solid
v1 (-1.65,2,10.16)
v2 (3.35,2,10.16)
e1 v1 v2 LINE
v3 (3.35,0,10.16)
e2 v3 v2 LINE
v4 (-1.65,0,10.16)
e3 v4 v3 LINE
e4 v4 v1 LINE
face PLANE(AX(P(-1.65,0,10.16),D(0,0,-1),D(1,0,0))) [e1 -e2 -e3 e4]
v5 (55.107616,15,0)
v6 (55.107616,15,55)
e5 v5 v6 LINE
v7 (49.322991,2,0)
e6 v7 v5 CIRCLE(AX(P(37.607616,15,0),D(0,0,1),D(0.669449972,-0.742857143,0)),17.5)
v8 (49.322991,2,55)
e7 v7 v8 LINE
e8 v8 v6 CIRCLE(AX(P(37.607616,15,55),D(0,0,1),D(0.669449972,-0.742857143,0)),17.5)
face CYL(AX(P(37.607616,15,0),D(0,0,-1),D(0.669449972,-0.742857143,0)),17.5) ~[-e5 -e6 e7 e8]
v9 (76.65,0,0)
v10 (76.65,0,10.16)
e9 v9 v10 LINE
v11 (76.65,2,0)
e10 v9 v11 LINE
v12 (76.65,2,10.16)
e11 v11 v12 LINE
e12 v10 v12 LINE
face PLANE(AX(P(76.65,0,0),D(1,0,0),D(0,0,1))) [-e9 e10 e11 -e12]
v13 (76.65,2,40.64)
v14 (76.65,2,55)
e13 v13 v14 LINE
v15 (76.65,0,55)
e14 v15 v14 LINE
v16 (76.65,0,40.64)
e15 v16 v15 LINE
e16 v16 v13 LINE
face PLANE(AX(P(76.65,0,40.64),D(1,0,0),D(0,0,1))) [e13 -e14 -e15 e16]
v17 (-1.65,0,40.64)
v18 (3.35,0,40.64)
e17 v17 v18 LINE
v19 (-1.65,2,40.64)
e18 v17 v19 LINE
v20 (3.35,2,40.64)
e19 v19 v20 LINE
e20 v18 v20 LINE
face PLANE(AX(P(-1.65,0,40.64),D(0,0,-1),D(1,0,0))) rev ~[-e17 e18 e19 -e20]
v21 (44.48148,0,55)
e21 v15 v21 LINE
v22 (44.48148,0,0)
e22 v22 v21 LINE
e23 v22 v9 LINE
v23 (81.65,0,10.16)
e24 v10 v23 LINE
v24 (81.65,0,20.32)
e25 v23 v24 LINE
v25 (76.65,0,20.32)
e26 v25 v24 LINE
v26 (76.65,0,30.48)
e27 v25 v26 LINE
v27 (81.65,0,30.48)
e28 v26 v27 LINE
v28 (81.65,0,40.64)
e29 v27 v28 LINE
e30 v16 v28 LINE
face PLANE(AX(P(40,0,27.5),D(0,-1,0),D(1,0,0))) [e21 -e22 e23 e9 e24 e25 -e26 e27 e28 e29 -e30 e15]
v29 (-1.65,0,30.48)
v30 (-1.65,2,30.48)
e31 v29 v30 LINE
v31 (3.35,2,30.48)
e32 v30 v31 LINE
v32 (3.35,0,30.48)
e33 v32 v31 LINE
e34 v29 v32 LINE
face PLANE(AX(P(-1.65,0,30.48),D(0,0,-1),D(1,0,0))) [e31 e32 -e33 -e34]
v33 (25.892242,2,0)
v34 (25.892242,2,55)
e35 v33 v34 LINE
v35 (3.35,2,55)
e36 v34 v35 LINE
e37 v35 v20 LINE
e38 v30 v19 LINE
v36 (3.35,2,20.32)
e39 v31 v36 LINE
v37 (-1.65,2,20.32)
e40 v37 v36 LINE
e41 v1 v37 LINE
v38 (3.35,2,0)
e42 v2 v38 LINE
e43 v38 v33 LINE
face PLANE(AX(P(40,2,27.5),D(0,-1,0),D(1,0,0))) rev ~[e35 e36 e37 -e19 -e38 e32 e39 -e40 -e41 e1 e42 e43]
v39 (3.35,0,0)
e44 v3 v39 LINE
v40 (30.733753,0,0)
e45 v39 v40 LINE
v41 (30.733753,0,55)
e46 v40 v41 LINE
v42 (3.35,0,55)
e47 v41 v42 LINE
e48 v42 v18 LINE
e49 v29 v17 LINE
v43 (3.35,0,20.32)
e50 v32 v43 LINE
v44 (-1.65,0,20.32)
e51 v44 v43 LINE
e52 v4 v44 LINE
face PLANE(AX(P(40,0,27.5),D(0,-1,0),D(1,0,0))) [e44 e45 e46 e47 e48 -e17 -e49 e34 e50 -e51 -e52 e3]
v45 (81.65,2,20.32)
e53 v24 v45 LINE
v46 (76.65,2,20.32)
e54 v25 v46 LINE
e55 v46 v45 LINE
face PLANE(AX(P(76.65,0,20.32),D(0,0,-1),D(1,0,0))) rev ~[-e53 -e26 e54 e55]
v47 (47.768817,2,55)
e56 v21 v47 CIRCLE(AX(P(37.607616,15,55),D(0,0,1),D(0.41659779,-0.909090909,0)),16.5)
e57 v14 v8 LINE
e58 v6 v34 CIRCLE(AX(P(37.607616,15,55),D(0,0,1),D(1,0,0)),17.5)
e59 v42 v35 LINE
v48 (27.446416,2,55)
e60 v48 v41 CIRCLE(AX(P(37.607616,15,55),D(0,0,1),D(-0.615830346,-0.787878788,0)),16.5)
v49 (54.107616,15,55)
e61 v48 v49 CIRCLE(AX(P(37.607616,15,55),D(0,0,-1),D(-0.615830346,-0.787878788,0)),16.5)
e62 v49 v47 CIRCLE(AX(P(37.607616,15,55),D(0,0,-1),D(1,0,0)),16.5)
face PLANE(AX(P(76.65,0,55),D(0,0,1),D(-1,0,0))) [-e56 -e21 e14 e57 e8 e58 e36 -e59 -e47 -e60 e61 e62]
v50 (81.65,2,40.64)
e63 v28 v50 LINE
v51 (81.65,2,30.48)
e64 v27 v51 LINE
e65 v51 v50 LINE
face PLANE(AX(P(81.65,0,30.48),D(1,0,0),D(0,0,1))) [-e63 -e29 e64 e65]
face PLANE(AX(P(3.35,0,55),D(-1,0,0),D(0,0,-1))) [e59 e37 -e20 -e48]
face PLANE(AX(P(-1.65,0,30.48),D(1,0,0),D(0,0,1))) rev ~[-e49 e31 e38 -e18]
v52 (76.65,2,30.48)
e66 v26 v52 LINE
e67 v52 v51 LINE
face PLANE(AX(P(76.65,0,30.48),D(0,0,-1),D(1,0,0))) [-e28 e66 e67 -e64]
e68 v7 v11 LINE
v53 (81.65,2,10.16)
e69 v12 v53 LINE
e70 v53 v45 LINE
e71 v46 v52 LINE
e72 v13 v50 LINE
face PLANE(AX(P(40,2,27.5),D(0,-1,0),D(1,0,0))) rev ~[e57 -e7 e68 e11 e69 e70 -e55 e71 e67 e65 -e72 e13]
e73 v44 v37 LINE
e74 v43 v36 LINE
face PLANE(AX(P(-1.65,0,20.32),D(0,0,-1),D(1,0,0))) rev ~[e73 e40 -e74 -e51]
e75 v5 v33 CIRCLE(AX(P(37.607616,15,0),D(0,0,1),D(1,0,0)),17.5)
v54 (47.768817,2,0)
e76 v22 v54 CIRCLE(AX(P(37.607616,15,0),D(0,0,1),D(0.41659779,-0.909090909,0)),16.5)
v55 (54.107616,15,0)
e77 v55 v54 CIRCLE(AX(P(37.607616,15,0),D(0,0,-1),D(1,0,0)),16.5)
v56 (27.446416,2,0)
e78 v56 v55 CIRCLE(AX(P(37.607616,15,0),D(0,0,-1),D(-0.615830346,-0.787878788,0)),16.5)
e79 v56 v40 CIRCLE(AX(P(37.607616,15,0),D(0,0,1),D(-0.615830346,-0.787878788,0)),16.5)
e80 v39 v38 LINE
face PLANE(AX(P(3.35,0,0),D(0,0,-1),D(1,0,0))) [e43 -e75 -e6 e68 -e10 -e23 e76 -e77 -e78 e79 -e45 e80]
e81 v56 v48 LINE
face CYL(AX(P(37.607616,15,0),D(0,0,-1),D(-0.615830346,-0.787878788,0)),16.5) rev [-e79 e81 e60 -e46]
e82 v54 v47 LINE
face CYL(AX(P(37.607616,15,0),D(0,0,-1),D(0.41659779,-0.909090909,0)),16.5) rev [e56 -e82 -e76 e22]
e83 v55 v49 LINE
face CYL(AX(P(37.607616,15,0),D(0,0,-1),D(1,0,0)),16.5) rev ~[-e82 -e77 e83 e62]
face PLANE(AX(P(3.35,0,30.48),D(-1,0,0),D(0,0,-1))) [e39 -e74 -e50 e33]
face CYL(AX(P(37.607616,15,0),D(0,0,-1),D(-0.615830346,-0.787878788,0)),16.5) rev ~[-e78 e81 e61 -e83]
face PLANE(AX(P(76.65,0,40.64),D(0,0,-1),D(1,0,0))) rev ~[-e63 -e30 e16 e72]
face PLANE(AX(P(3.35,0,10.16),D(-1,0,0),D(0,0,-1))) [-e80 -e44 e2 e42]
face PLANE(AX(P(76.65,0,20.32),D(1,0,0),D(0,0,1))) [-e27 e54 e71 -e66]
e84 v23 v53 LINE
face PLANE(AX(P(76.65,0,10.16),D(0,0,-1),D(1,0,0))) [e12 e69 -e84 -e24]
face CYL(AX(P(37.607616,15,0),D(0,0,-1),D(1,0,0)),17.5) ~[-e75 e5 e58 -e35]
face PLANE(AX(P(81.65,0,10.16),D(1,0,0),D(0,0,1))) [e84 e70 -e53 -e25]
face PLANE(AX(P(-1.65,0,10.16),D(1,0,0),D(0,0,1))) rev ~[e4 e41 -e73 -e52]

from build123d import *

# Parameters (mm, degrees)
F0_W     = 5
F0_H     = 10.16
F1_DEPTH = 2
F3_DEPTH = 55
F4_DEPTH = 55


with BuildPart() as f1:
    # F0 (on Front) → F1 (new body)
    with BuildSketch(Plane.XZ):
        Polygon((3.35, 0), (3.75, 0), (76.25, 0), (76.65, 0), (76.65, 10.16), (76.65, 20.32), (76.65, 30.48), (76.65, 40.64), (76.65, 55), (3.35, 55), (3.35, 40.64), (3.35, 30.48), (3.35, 20.32), (3.35, 10.16), align=None)
        with Locations((0.85, 15.24)):
            Rectangle(F0_W, F0_H)
        with Locations((79.15, 15.24)):
            Rectangle(F0_W, F0_H)
        with Locations((0.85, 35.56)):
            Rectangle(F0_W, F0_H)
        with Locations((79.15, 35.56)):
            Rectangle(F0_W, F0_H)
    extrude(amount=-F1_DEPTH)

    # F2 (on Top) → F3 (join)
    with BuildSketch(Plane.XY):
        with BuildLine():
            ThreePointArc((27.4464156413, 2), (30.3760816597, 29.8308767748), (54.1076163577, 15))
            ThreePointArc((54.1076163577, 15), (52.4384931326, 7.7684653019), (47.7688170742, 2))
            Line((47.7688170742, 2), (49.3229908716, 2))
            ThreePointArc((49.3229908716, 2), (53.5961912472, 7.8855447852), (55.1076163577, 15))
            ThreePointArc((55.1076163577, 15), (30.4931611429, 30.9885748895), (25.8922418439, 2))
            Line((25.8922418439, 2), (27.4464156413, 2))
        make_face()
    extrude(amount=F3_DEPTH)

    # F2 (on Top) → F4 (cut)
    with BuildSketch(Plane.XY):
        with BuildLine():
            Line((37.6076163577, 2), (27.4464156413, 2))
            ThreePointArc((27.4464156413, 2), (29.0315826838, 0.9038428491), (30.7337528153, 0))
            Line((30.7337528153, 0), (37.6076163577, 0))
            Line((37.6076163577, 0), (44.4814799001, 0))
            ThreePointArc((44.4814799001, 0), (46.1836500316, 0.9038428491), (47.7688170742, 2))
            Line((47.7688170742, 2), (37.6076163577, 2))
        make_face()
    extrude(amount=F4_DEPTH, mode=Mode.SUBTRACT)


solid = f1.part
